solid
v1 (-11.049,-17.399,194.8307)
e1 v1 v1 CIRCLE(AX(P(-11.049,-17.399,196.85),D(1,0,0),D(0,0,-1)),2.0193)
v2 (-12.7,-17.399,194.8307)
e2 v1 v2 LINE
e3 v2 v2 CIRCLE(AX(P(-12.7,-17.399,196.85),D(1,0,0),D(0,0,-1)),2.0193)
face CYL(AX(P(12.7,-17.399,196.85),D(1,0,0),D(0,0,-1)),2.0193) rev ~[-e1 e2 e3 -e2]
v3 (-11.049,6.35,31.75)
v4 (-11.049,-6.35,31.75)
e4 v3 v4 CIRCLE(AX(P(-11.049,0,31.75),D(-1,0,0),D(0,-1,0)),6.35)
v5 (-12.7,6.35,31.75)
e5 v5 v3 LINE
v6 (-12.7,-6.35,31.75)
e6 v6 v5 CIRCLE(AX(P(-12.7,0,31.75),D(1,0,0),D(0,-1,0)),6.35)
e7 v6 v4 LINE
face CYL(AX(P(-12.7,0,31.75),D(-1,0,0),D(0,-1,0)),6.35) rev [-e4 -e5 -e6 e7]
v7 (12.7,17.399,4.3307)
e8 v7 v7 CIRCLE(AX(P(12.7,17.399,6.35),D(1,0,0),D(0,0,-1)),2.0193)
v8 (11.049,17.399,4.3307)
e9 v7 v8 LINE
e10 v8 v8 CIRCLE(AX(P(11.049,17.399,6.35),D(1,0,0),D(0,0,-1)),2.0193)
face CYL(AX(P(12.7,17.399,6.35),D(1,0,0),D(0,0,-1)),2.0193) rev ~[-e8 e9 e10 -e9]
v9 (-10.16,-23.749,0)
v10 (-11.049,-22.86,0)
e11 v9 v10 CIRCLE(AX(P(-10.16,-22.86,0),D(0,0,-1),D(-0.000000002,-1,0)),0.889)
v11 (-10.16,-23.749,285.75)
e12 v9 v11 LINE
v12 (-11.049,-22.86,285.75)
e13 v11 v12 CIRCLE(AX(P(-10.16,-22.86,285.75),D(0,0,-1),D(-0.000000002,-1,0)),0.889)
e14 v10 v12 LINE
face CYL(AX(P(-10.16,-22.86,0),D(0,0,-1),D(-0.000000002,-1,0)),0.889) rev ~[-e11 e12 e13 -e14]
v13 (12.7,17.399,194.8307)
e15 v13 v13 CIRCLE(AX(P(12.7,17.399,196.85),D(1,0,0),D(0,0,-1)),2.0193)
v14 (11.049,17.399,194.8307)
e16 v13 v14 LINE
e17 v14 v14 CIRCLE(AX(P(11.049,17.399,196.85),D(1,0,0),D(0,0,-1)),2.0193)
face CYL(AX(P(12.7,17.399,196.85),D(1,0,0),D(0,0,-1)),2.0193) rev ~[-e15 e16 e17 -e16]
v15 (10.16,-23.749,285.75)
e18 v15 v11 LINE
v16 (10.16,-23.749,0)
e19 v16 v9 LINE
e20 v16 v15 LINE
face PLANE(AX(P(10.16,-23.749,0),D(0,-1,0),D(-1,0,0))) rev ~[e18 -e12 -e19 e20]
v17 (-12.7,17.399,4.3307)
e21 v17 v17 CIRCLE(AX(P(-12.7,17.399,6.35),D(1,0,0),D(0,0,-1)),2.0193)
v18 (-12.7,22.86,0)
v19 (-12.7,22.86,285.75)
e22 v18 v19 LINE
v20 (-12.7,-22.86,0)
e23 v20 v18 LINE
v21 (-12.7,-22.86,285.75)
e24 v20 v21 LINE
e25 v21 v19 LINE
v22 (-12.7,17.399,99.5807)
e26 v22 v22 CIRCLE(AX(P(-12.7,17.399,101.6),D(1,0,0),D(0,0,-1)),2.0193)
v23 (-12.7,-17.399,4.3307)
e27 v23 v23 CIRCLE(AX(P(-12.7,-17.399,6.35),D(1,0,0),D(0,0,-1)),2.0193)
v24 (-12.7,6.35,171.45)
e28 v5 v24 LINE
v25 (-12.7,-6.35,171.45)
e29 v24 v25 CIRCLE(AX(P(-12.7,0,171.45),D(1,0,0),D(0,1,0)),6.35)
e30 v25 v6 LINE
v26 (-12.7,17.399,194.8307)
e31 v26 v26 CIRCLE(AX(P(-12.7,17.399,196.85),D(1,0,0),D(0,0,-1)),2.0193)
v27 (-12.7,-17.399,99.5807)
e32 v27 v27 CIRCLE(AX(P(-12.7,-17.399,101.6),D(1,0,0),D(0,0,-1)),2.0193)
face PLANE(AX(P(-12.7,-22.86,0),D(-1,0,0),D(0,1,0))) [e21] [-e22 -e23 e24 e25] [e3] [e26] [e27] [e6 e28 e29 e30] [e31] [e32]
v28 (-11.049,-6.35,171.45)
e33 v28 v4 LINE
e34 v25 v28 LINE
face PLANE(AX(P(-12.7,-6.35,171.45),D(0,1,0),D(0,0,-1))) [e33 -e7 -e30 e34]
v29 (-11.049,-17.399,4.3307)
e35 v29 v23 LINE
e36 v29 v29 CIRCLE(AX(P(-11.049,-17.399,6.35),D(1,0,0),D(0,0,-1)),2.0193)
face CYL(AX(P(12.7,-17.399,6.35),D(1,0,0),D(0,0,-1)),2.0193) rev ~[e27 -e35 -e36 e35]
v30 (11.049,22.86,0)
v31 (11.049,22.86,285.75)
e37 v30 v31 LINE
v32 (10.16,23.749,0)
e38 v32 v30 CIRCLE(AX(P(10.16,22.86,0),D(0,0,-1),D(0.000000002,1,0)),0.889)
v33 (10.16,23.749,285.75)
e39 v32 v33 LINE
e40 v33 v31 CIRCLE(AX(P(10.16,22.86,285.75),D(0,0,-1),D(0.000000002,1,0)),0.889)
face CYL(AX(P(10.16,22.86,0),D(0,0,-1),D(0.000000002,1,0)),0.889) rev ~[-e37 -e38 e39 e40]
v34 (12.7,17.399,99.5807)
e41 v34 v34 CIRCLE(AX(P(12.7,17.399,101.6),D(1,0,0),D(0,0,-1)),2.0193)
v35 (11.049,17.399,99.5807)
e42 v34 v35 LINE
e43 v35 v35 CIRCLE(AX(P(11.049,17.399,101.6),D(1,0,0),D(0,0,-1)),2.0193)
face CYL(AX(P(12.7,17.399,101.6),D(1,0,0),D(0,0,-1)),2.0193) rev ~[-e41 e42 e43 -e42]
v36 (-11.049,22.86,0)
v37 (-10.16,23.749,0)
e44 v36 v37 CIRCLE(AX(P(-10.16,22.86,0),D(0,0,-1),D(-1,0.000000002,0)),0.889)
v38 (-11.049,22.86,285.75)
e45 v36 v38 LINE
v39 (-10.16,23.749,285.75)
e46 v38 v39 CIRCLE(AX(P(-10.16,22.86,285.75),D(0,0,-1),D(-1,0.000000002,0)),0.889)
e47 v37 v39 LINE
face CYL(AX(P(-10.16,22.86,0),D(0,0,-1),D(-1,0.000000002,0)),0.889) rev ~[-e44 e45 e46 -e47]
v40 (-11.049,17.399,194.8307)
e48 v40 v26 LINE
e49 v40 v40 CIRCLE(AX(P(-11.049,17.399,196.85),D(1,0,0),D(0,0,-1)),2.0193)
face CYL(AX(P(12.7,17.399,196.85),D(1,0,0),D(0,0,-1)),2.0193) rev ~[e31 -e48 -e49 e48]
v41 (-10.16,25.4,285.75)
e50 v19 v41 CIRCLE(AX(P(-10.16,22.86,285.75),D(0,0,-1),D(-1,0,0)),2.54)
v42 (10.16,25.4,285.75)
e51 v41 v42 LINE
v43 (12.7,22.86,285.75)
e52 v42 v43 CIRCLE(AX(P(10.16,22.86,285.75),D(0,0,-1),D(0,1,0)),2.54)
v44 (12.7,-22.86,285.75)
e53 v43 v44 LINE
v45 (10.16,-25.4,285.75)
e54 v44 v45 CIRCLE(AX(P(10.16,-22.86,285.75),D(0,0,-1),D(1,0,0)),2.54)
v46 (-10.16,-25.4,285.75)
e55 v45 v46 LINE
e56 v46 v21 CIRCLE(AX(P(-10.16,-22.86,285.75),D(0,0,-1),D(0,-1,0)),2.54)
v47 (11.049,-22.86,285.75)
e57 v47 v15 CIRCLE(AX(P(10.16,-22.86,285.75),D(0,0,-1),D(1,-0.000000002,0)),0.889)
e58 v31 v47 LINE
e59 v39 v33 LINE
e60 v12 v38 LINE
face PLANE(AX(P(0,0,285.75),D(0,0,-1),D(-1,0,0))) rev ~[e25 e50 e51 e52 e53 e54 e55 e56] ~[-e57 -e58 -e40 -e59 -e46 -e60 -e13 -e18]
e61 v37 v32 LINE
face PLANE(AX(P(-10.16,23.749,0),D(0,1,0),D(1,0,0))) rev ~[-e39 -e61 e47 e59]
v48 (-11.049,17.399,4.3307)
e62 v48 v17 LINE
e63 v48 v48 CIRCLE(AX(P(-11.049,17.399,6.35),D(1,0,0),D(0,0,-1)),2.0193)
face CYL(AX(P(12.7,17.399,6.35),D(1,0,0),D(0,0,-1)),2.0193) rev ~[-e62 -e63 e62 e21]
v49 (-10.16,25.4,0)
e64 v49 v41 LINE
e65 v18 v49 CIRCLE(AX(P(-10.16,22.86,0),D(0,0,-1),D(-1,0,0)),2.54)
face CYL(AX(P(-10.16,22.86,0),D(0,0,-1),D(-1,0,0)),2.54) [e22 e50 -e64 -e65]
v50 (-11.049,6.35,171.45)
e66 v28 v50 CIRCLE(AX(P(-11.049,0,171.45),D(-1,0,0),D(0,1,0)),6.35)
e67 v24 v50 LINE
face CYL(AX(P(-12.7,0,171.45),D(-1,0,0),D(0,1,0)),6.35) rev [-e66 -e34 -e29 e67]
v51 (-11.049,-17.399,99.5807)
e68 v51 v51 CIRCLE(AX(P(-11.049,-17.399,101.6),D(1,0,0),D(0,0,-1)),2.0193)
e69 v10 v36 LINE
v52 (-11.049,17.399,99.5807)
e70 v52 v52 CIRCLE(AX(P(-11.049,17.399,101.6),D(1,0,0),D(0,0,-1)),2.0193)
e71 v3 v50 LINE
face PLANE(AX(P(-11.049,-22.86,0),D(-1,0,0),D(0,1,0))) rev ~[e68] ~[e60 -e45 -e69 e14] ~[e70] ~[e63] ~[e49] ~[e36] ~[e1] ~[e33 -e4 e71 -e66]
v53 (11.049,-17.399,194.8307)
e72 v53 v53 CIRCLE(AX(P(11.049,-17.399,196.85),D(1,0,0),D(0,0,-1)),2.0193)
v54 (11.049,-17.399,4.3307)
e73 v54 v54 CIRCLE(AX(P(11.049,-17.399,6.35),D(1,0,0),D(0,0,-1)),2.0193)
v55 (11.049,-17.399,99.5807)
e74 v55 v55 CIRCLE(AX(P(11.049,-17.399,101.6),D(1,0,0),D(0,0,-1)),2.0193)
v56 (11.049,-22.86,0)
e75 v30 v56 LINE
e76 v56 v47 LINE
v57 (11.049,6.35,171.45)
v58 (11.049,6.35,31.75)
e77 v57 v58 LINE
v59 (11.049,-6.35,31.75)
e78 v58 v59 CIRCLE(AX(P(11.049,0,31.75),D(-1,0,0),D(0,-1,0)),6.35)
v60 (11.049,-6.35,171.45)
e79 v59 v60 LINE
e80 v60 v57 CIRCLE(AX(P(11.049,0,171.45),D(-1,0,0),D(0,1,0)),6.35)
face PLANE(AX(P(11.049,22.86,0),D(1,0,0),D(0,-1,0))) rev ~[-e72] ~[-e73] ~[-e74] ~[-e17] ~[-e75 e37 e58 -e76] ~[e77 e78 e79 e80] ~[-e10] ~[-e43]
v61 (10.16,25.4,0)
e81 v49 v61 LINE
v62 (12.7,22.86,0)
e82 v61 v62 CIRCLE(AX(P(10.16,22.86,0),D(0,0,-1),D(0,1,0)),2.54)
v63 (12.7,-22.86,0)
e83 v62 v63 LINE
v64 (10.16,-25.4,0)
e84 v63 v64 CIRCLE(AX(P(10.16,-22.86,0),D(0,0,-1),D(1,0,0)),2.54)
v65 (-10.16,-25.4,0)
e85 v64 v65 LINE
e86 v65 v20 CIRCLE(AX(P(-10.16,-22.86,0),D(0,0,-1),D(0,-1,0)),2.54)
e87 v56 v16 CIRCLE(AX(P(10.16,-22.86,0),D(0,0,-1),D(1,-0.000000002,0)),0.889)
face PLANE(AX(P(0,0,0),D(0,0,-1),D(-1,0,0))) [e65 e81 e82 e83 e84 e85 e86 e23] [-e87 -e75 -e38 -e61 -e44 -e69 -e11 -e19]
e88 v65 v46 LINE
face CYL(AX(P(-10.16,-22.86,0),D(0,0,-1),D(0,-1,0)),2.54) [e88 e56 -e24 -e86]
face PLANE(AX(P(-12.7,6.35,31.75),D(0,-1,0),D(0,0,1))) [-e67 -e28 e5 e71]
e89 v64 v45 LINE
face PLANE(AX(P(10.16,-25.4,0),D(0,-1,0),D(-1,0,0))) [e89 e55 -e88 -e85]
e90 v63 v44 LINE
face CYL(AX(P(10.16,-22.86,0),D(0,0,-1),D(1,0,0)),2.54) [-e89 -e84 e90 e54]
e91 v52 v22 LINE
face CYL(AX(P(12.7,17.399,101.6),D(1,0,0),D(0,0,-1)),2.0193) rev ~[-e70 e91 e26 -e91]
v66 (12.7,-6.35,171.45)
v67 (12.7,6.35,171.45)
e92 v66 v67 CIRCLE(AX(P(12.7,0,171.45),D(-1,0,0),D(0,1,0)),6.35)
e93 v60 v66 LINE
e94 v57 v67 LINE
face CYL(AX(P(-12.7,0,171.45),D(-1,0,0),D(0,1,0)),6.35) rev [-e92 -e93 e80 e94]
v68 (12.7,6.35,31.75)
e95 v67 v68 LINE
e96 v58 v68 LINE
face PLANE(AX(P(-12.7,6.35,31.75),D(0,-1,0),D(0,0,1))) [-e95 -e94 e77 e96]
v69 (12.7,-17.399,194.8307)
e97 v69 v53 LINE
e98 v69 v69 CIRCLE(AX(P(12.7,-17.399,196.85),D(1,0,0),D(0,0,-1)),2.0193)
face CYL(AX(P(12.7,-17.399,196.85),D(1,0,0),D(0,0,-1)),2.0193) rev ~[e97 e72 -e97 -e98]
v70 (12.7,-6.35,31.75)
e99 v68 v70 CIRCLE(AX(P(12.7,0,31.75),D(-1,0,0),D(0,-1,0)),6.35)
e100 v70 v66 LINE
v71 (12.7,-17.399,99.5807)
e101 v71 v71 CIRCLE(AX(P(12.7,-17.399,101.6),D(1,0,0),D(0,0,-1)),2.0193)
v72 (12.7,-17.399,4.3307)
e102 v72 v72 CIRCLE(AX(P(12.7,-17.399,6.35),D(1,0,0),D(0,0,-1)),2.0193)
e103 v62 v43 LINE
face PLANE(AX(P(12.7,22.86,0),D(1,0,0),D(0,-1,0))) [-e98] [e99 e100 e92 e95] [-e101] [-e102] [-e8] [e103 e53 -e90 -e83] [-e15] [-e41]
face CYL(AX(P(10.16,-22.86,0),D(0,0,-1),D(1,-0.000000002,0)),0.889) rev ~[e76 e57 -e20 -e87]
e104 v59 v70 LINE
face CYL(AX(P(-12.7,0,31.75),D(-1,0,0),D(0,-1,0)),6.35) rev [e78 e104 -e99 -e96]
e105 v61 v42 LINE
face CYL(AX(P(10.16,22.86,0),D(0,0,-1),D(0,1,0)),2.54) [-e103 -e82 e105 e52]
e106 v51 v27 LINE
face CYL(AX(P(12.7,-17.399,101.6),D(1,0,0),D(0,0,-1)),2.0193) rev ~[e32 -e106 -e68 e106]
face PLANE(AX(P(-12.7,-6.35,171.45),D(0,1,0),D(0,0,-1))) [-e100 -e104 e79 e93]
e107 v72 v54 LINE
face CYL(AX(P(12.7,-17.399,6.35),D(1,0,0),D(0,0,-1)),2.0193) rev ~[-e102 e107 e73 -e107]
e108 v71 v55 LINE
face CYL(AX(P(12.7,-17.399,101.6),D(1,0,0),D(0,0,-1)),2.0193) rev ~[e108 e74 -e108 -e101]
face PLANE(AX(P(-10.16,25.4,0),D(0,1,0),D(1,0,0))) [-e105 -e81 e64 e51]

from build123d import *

# Parameters (mm, degrees)
EXTRUDE_THIN1_DEPTH = 285.75
CUT_EXTRUDE1_DEPTH  = 288.998927949
SKETCH4_R           = 2.0193
CUT_EXTRUDE3_DEPTH  = 288.998927949


with BuildPart() as part:
    # Sketch1 → Extrude-Thin1 (new body)
    with BuildSketch(Plane.XY):
        with BuildLine():
            Line((-10.16, 25.4), (10.16, 25.4))
            ThreePointArc((10.16, 25.4), (11.956051224, 24.656051224), (12.7, 22.86))
            Line((12.7, 22.86), (12.7, -22.86))
            ThreePointArc((12.7, -22.86), (11.956051224, -24.656051224), (10.16, -25.4))
            Line((10.16, -25.4), (-10.16, -25.4))
            ThreePointArc((-10.16, -25.4), (-11.956051224, -24.656051224), (-12.7, -22.86))
            Line((-12.7, -22.86), (-12.7, 22.86))
            ThreePointArc((-12.7, 22.86), (-11.956051224, 24.656051224), (-10.16, 25.4))
        make_face()
        with BuildLine():
            Line((-10.16, 23.749), (10.16, 23.749))
            ThreePointArc((10.16, 23.749), (10.788617928, 23.488617928), (11.049, 22.86))
            Line((11.049, 22.86), (11.049, -22.86))
            ThreePointArc((11.049, -22.86), (10.788617928, -23.488617928), (10.16, -23.749))
            Line((10.16, -23.749), (-10.16, -23.749))
            ThreePointArc((-10.16, -23.749), (-10.788617928, -23.488617928), (-11.049, -22.86))
            Line((-11.049, -22.86), (-11.049, 22.86))
            ThreePointArc((-11.049, 22.86), (-10.788617928, 23.488617928), (-10.16, 23.749))
        make_face(mode=Mode.SUBTRACT)
    extrude(amount=EXTRUDE_THIN1_DEPTH)

    # Sketch2 → Cut-Extrude1 (cut, through all)
    with BuildSketch(Plane.ZY.offset(12.7)):
        with BuildLine():
            Line((31.75, 6.35), (171.45, 6.35))
            ThreePointArc((171.45, 6.35), (177.8, 0), (171.45, -6.35))
            Line((171.45, -6.35), (31.75, -6.35))
            ThreePointArc((31.75, -6.35), (25.4, 0), (31.75, 6.35))
        make_face()
    extrude(amount=-CUT_EXTRUDE1_DEPTH, mode=Mode.SUBTRACT)

    # Sketch4 → Cut-Extrude3 (cut, through all)
    with BuildSketch(Plane(origin=(12.7, 0, 0), x_dir=(0, 0, -1), z_dir=(1, 0, 0))):
        with Locations((-196.85, 17.399)):
            Circle(SKETCH4_R)
        with Locations((-196.85, -17.399)):
            Circle(SKETCH4_R)
        with Locations((-101.6, 17.399)):
            Circle(SKETCH4_R)
        with Locations((-101.6, -17.399)):
            Circle(SKETCH4_R)
        with Locations((-6.35, 17.399)):
            Circle(SKETCH4_R)
        with Locations((-6.35, -17.399)):
            Circle(SKETCH4_R)
    extrude(amount=-CUT_EXTRUDE3_DEPTH, mode=Mode.SUBTRACT)


solid = part.part
